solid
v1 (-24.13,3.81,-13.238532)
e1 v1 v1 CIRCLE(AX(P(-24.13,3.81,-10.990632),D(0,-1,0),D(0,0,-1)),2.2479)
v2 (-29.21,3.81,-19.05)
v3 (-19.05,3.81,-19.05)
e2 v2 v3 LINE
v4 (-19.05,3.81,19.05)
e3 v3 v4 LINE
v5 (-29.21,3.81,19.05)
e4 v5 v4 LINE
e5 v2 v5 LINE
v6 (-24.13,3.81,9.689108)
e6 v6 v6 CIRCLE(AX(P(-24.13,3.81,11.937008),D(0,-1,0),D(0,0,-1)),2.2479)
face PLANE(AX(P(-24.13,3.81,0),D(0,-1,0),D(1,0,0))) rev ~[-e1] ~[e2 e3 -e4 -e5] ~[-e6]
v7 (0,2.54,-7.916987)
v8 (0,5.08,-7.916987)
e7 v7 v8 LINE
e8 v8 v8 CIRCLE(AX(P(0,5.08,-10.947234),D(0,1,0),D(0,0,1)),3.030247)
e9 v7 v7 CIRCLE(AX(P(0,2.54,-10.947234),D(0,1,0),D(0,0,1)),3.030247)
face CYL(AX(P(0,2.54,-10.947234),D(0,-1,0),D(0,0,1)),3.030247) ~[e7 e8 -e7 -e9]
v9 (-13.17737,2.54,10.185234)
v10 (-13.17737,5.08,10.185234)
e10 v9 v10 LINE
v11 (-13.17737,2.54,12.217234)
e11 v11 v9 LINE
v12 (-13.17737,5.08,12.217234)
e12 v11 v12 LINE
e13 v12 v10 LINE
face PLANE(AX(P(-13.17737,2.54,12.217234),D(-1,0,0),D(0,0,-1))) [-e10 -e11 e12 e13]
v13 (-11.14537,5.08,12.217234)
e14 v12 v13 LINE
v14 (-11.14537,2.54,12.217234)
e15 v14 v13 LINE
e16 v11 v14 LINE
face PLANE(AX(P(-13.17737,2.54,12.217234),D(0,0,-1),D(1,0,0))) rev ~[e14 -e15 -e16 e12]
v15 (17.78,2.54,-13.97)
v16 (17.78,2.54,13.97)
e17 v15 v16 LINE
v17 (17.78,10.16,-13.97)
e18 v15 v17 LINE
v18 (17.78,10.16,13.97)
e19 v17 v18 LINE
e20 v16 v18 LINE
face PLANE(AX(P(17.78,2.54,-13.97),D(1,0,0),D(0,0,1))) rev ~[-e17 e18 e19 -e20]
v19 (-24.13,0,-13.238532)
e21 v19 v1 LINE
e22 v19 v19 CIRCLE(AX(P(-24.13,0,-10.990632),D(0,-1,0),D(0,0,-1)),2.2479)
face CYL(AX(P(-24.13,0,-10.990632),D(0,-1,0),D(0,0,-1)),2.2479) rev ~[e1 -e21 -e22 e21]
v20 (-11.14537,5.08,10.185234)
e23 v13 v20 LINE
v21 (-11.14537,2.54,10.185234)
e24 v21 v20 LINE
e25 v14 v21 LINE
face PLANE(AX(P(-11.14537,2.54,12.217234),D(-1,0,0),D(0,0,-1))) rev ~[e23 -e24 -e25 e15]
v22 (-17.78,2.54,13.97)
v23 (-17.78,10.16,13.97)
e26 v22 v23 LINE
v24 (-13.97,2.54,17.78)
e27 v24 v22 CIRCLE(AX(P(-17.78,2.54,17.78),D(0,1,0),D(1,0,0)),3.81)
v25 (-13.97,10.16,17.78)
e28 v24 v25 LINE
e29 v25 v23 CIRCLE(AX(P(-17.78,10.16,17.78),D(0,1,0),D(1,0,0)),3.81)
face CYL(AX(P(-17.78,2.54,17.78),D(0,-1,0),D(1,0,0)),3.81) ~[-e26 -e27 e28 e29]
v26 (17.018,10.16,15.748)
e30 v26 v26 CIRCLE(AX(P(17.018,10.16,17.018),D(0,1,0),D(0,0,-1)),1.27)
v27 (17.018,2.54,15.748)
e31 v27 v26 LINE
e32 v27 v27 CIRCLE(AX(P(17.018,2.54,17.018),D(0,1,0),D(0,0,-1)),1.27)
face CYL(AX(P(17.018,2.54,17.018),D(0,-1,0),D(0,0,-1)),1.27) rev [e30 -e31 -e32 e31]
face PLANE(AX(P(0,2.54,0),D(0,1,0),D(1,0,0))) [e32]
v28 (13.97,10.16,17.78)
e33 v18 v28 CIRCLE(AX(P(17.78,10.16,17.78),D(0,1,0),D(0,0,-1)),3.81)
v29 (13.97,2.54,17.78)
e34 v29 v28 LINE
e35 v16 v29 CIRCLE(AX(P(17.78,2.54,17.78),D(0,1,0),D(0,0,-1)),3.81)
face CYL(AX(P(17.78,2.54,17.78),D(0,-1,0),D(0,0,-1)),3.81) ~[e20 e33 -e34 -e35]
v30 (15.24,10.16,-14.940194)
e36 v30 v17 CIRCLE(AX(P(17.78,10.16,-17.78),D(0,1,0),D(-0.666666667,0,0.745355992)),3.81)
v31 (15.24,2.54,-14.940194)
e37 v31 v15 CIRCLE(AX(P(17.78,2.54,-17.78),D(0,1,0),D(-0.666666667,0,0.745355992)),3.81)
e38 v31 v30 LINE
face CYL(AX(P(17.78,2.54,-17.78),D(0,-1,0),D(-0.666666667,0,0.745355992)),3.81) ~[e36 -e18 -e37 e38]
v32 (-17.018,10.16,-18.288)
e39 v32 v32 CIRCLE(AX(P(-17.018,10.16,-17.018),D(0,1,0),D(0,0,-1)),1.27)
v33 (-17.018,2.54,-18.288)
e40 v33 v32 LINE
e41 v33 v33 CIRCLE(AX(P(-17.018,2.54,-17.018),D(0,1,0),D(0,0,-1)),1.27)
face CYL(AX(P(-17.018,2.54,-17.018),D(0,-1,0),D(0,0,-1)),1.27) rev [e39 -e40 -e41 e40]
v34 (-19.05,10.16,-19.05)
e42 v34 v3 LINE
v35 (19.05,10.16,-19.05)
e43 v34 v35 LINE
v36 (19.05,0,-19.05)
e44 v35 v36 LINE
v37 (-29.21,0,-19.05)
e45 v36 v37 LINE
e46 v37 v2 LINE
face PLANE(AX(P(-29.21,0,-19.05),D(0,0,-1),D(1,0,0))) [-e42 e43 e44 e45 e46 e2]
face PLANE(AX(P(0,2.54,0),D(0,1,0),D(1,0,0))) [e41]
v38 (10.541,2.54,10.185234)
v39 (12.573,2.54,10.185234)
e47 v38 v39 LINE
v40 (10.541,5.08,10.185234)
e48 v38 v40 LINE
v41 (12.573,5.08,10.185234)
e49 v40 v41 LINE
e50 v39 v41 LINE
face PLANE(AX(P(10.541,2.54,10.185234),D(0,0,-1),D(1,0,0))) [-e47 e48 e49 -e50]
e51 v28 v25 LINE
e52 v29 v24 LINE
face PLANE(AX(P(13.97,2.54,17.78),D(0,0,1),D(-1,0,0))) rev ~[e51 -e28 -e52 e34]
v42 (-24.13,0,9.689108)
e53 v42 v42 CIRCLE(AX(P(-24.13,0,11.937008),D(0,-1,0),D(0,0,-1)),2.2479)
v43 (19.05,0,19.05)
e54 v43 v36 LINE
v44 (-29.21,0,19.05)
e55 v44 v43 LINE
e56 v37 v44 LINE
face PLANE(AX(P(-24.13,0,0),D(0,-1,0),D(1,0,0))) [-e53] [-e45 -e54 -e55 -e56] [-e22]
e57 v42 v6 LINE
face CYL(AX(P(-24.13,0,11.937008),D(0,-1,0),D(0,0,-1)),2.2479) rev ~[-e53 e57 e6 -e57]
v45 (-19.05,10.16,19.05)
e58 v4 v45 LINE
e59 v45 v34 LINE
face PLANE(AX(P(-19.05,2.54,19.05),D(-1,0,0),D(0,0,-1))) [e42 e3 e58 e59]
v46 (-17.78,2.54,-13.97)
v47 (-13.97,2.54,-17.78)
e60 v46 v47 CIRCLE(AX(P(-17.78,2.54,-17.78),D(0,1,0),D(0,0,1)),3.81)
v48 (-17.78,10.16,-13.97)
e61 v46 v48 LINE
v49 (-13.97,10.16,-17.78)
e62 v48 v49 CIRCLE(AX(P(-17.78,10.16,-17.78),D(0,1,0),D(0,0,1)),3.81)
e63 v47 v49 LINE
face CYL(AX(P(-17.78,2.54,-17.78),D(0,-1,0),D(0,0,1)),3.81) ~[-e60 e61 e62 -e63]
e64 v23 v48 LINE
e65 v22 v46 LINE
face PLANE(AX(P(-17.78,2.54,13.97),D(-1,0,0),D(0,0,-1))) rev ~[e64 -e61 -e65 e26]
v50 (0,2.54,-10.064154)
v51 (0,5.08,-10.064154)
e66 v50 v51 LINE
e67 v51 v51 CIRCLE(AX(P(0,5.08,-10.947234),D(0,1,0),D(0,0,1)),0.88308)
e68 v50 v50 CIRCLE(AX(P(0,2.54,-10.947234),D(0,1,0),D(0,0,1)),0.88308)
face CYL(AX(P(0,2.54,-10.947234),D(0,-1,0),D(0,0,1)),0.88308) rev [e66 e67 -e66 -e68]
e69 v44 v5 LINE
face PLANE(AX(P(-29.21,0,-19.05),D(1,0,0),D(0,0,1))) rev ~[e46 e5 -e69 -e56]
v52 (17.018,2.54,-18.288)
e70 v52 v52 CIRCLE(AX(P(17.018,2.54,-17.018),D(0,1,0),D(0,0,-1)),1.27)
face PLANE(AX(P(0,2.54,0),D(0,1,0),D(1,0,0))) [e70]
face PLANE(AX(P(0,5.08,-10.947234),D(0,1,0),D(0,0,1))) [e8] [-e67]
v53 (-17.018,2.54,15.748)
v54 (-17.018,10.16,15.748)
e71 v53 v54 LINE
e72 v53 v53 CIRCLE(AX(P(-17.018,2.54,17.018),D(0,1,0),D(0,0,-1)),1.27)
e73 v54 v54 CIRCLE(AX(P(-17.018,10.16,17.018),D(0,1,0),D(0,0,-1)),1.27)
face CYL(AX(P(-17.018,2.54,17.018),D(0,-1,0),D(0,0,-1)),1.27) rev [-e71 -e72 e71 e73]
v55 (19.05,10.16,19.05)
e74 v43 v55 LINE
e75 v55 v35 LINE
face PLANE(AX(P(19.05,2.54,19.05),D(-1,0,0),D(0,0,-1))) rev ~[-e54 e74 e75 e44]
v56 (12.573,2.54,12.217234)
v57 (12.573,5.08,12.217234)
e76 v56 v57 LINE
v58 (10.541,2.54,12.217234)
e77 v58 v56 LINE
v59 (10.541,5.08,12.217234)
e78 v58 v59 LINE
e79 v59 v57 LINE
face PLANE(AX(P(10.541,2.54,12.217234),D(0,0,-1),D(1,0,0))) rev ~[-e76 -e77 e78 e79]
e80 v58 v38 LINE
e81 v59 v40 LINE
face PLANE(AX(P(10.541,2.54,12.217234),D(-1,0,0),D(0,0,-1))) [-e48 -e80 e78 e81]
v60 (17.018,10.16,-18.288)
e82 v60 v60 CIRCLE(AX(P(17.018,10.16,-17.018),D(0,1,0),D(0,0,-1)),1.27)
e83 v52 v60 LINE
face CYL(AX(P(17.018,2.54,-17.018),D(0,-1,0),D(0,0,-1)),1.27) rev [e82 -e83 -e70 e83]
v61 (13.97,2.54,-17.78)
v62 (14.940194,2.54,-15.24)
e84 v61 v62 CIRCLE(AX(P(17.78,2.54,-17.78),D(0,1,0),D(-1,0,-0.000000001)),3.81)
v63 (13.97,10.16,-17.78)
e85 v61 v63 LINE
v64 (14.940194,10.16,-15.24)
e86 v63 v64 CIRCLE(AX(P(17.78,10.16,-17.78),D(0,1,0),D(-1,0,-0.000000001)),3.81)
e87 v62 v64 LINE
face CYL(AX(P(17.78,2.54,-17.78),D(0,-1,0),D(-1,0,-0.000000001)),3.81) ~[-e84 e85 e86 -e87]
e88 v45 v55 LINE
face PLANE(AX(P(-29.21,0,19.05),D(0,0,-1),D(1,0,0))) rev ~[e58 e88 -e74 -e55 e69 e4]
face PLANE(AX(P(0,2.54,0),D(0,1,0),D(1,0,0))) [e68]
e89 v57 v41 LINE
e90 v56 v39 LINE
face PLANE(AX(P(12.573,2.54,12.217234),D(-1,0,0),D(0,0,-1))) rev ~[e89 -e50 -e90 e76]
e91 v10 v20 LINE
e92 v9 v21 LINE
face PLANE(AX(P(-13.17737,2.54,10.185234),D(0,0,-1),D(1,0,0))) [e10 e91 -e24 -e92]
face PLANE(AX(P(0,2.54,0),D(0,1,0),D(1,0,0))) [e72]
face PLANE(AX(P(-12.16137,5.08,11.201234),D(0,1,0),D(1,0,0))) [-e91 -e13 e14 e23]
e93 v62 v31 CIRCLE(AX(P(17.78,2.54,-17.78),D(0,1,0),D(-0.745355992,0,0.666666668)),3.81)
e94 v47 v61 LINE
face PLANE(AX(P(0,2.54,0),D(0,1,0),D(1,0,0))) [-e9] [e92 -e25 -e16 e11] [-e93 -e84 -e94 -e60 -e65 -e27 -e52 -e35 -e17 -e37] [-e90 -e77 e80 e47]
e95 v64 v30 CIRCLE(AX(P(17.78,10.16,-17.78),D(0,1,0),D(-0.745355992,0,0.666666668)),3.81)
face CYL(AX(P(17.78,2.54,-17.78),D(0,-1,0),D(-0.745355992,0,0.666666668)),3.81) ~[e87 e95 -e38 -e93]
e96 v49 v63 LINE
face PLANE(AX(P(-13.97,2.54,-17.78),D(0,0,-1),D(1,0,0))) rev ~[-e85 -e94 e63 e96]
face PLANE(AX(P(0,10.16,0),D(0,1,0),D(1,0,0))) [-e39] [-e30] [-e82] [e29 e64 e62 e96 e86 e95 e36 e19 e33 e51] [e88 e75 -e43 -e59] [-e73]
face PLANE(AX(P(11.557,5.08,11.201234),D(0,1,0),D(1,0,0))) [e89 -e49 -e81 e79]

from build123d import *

# Parameters (mm, degrees)
SKETCH1_W           = 38.1
SKETCH1_H           = 38.1
BOSS_EXTRUDE1_DEPTH = 2.54
SKETCH2_W           = 38.1
SKETCH2_H           = 38.1
SKETCH2_R           = 1.27
BOSS_EXTRUDE2_DEPTH = 7.62
SKETCH4_R           = 3.030246623
SKETCH4_R_2         = 0.88307969
SKETCH4_W           = 2.032
SKETCH4_H           = 2.032
BOSS_EXTRUDE3_DEPTH = 2.54
SKETCH7_W           = 10.16
SKETCH7_H           = 38.1
SKETCH7_R           = 2.2479
BOSS_EXTRUDE5_DEPTH = 3.81


with BuildPart() as part:
    # Sketch1 → Boss-Extrude1 (new body)
    with BuildSketch(Plane(origin=(0, 0, 0), x_dir=(1, 0, 0), z_dir=(0, 1, 0))):
        Rectangle(SKETCH1_W, SKETCH1_H)
    extrude(amount=BOSS_EXTRUDE1_DEPTH)

    # Sketch2 → Boss-Extrude2 (add)
    # profile 1 of 2: a face of its own
    with BuildSketch(Plane(origin=(0, 2.54, 0), x_dir=(1, 0, 0), z_dir=(0, 1, 0))):
        Rectangle(SKETCH2_W, SKETCH2_H)
        with Locations(Location((-17.018, -17.018, 0), (0, 0, 90))):
            Circle(SKETCH2_R, mode=Mode.SUBTRACT)
        with Locations(Location((17.018, -17.018, 0), (0, 0, 90))):
            Circle(SKETCH2_R, mode=Mode.SUBTRACT)
        with BuildLine():
            Line((14.940193669, 15.24), (15.24, 15.24))
            Line((15.24, 15.24), (15.24, 14.940193669))
            ThreePointArc((15.24, 14.940193669), (16.420507838, 14.220803312), (17.78, 13.97))
            Line((17.78, 13.97), (17.78, -13.97))
            ThreePointArc((17.78, -13.97), (15.085923164, -15.085923164), (13.97, -17.78))
            Line((13.97, -17.78), (-13.97, -17.78))
            ThreePointArc((-13.97, -17.78), (-15.085923164, -15.085923164), (-17.78, -13.97))
            Line((-17.78, -13.97), (-17.78, 13.97))
            ThreePointArc((-17.78, 13.97), (-15.085923164, 15.085923164), (-13.97, 17.78))
            Line((-13.97, 17.78), (13.97, 17.78))
            ThreePointArc((13.97, 17.78), (14.220803312, 16.420507838), (14.940193669, 15.24))
        make_face(mode=Mode.SUBTRACT)
        with Locations(Location((-17.018, 17.018, 0), (0, 0, 90))):
            Circle(SKETCH2_R, mode=Mode.SUBTRACT)
        with Locations(Location((17.018, 17.018, 0), (0, 0, 90))):
            Circle(SKETCH2_R, mode=Mode.SUBTRACT)
    # profile 2 of 2: a face of its own
    with BuildSketch(Plane(origin=(0, 2.54, 0), x_dir=(1, 0, 0), z_dir=(0, 1, 0))):
        with BuildLine():
            Line((15.24, 14.940193669), (15.24, 15.24))
            Line((15.24, 15.24), (14.940193669, 15.24))
            ThreePointArc((14.940193669, 15.24), (15.085923164, 15.085923164), (15.24, 14.940193669))
        make_face()
    extrude(amount=BOSS_EXTRUDE2_DEPTH)

    # Sketch4 → Boss-Extrude3 (add)
    # profile 1 of 3: a face of its own
    with BuildSketch(Plane(origin=(0, 2.54, 0), x_dir=(1, 0, 0), z_dir=(0, 1, 0))):
        with Locations(Location((0, 10.947233516, 0), (0, 0, 270))):
            Circle(SKETCH4_R)
        with Locations(Location((0, 10.947233516, 0), (0, 0, 270))):
            Circle(SKETCH4_R_2, mode=Mode.SUBTRACT)
    # profile 2 of 3: a face of its own
    with BuildSketch(Plane(origin=(0, 2.54, 0), x_dir=(1, 0, 0), z_dir=(0, 1, 0))):
        with Locations((-12.16137027, -11.201233516)):
            Rectangle(SKETCH4_W, SKETCH4_H)
    # profile 3 of 3: a face of its own
    with BuildSketch(Plane(origin=(0, 2.54, 0), x_dir=(1, 0, 0), z_dir=(0, 1, 0))):
        with Locations((11.557, -11.201233516)):
            Rectangle(SKETCH4_W, SKETCH4_H)
    extrude(amount=BOSS_EXTRUDE3_DEPTH)

    # Sketch7 → Boss-Extrude5 (add)
    with BuildSketch(Plane.XZ):
        with Locations((-24.13, 0)):
            Rectangle(SKETCH7_W, SKETCH7_H)
        with Locations(Location((-24.13, -10.990632384, 0), (0, 0, 270))):
            Circle(SKETCH7_R, mode=Mode.SUBTRACT)
        with Locations(Location((-24.13, 11.937008295, 0), (0, 0, 270))):
            Circle(SKETCH7_R, mode=Mode.SUBTRACT)
    extrude(amount=-BOSS_EXTRUDE5_DEPTH)


solid = part.part
